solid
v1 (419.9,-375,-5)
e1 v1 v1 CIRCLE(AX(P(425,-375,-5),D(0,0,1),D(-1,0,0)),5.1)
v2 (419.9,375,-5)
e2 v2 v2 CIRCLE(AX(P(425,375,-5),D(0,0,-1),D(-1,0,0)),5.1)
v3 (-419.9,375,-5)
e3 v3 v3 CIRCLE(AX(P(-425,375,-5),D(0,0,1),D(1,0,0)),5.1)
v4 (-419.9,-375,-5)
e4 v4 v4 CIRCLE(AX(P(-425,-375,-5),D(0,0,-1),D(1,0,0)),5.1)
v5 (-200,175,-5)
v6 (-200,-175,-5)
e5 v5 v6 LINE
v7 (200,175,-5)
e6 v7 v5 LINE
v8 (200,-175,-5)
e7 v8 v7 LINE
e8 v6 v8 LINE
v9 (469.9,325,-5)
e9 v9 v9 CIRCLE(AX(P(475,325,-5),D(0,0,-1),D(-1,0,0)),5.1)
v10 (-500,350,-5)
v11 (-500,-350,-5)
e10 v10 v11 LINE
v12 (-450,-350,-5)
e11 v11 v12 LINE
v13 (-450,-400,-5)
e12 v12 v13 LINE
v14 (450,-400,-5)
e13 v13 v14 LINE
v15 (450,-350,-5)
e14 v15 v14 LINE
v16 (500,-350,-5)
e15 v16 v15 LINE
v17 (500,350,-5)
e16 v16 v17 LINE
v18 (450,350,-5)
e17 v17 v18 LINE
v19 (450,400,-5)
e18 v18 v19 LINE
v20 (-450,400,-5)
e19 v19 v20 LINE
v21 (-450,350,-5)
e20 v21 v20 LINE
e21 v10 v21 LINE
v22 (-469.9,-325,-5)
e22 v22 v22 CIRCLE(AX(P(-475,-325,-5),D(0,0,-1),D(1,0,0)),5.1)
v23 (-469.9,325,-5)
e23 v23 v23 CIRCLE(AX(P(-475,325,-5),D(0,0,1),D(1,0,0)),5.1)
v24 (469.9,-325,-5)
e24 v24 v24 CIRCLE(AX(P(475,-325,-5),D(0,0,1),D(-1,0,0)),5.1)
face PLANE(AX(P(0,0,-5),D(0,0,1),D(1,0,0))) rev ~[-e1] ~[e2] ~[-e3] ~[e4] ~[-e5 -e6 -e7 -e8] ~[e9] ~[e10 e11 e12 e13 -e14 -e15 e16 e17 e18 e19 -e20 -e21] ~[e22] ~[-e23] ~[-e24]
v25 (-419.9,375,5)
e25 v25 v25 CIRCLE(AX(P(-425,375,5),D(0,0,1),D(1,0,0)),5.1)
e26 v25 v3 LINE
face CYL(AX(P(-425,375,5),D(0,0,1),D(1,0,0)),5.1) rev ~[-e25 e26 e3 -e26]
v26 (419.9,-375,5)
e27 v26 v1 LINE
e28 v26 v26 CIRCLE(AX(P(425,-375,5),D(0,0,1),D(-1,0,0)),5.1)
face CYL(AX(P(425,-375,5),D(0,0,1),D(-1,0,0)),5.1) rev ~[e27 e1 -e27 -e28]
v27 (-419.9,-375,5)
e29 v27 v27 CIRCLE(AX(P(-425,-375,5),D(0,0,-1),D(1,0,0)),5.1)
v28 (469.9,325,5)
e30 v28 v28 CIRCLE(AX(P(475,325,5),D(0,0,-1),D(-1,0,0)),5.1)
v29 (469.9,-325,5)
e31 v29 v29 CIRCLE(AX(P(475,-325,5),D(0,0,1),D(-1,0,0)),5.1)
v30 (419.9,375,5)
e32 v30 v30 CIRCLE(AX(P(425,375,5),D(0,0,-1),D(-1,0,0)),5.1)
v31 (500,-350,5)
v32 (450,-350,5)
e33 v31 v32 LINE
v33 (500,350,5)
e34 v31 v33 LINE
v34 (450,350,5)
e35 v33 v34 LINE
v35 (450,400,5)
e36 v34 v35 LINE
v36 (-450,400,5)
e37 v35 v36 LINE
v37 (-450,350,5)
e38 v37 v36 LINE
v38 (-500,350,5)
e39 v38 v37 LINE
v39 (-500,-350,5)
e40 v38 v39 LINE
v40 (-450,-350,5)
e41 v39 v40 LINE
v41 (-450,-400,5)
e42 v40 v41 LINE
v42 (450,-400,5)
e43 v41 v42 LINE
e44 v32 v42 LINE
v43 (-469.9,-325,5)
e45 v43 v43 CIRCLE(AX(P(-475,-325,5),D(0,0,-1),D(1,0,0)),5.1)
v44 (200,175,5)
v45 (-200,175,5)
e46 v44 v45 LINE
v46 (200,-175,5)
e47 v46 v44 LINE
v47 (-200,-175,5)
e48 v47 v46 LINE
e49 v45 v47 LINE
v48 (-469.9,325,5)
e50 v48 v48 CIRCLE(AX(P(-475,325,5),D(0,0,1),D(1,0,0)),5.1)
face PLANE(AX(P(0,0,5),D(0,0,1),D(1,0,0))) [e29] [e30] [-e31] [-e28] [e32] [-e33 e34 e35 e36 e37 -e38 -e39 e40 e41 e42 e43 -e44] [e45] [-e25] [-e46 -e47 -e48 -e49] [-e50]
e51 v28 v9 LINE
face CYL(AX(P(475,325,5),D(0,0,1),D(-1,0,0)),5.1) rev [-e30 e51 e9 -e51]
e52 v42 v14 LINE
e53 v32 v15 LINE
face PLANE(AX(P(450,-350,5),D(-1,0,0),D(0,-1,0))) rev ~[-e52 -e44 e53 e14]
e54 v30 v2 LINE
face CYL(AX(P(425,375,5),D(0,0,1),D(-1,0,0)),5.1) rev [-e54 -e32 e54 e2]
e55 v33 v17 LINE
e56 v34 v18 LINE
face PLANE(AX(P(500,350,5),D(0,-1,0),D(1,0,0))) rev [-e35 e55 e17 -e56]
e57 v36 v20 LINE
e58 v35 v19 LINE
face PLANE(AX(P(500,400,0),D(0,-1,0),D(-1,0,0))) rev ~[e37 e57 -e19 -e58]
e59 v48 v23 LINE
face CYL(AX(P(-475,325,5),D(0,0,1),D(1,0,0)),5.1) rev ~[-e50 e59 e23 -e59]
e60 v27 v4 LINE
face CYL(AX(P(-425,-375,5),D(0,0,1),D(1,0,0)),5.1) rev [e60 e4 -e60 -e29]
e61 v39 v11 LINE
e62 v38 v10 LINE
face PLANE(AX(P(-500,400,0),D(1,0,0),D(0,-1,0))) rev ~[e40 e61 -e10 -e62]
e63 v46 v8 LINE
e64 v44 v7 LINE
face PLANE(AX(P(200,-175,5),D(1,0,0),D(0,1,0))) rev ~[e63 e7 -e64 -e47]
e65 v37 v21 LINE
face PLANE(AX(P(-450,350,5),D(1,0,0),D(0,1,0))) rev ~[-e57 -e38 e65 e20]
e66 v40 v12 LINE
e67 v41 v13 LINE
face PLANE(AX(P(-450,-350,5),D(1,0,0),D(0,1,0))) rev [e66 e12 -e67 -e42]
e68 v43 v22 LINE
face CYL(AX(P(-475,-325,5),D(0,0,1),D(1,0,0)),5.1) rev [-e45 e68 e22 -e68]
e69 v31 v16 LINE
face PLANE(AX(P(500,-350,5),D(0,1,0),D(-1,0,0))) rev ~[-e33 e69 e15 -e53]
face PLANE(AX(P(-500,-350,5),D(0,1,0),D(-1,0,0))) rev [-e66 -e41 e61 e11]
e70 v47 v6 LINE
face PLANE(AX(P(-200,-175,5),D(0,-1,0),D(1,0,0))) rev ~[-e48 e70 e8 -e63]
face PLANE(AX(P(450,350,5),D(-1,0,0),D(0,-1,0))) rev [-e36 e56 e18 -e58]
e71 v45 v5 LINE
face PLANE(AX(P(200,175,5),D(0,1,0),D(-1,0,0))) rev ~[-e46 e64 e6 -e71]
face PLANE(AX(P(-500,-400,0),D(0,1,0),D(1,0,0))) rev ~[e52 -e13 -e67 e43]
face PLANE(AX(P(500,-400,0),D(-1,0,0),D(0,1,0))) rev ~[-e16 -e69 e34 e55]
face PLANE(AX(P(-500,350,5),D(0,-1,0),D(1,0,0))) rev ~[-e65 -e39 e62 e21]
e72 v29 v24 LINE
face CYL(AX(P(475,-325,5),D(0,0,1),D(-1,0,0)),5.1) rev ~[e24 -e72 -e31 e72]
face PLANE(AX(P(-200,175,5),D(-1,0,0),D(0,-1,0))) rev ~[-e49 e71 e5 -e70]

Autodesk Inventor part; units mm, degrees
ref_plane "YZ Plane" through (0, 0, 0) normal (1, 0, 0) x (0, 1, 0)
ref_plane "XZ Plane" through (0, 0, 0) normal (0, 1, 0) x (-1, 0, 0)
ref_plane "XY Plane" through (0, 0, 0) normal (0, 0, 1) x (1, 0, 0)
sketch "Sketch3" plane through (0, 0, 0) normal (0, 0, 1) x (1, 0, 0)
  line L0 (-500, -400) -> (500, -400)
  line L1 (500, -400) -> (500, 400)
  line L2 (500, 400) -> (-500, 400)
  line L3 (-500, 400) -> (-500, -400)
  line L4 (-500, -400) -> (500, 400) construction
  line L5 (500, -400) -> (-500, 400) construction
  point P0 (0, 0)
  dimension "d9" = 1000
  dimension "d10" = 800
extrude "Plate2" add sketch "Sketch3" along normal mid plane 10
sketch "Sketch4" plane through (0, 0, 5) normal (0, 0, 1) x (1, 0, 0)
  line L0 (-200, -175) -> (200, -175)
  line L1 (200, -175) -> (200, 175)
  line L2 (200, 175) -> (-200, 175)
  line L3 (-200, 175) -> (-200, -175)
  line L4 (-200, -175) -> (200, 175) construction
  line L5 (200, -175) -> (-200, 175) construction
  point P0 (0, 0)
  dimension "d12" = 400
  dimension "d13" = 350
extrude "Cut2" cut sketch "Sketch4" against normal blind 10
sketch "Sketch7" plane through (0, 0, 5) normal (0, 0, 1) x (1, 0, 0)
  line L0 (-450, 400) -> (-500, 400)
  line L1 (-500, 400) -> (-500, 350)
  line L2 (-500, 350) -> (-450, 350)
  line L3 (-450, 350) -> (-450, 400)
  line L4 (-450, 400) -> (-500, 350) construction
  line L5 (-500, 400) -> (-450, 350) construction
  circle A0 centre (-425, 375) radius 5.1
  circle A1 centre (-475, 325) radius 5.1
  point P0 (0, 0)
  point P1 (-475, 375)
  point P2 (-475, 375)
  point P3 (-475, 375)
  dimension "d20" = 50
  dimension "d21" = 50
  dimension "d26" = 10.2
  dimension "d27" = 25
  dimension "d28" = 25
extrude "Cut4" cut sketch "Sketch7" against normal blind 10
mirror "Mirror5" about plane through (0, 0, 0) normal (0, 1, 0) of "Cut4"
mirror "Mirror6" about plane through (0, 0, 0) normal (1, 0, 0) of "Cut4", "Mirror5"
equation "\"d14\" = Thickness"
equation "\"d21\" = d20"
equation "\"d28\" = d27"
equation "\"d22\" = Thickness"
equation "\"d11\" = Thickness"
equation "\"BendReliefDepth\" = 0.5 * Thickness"
equation "\"Thickness\" = 10"
properties part number "Chapa-0001-001" material "Steel, Galvanized"
